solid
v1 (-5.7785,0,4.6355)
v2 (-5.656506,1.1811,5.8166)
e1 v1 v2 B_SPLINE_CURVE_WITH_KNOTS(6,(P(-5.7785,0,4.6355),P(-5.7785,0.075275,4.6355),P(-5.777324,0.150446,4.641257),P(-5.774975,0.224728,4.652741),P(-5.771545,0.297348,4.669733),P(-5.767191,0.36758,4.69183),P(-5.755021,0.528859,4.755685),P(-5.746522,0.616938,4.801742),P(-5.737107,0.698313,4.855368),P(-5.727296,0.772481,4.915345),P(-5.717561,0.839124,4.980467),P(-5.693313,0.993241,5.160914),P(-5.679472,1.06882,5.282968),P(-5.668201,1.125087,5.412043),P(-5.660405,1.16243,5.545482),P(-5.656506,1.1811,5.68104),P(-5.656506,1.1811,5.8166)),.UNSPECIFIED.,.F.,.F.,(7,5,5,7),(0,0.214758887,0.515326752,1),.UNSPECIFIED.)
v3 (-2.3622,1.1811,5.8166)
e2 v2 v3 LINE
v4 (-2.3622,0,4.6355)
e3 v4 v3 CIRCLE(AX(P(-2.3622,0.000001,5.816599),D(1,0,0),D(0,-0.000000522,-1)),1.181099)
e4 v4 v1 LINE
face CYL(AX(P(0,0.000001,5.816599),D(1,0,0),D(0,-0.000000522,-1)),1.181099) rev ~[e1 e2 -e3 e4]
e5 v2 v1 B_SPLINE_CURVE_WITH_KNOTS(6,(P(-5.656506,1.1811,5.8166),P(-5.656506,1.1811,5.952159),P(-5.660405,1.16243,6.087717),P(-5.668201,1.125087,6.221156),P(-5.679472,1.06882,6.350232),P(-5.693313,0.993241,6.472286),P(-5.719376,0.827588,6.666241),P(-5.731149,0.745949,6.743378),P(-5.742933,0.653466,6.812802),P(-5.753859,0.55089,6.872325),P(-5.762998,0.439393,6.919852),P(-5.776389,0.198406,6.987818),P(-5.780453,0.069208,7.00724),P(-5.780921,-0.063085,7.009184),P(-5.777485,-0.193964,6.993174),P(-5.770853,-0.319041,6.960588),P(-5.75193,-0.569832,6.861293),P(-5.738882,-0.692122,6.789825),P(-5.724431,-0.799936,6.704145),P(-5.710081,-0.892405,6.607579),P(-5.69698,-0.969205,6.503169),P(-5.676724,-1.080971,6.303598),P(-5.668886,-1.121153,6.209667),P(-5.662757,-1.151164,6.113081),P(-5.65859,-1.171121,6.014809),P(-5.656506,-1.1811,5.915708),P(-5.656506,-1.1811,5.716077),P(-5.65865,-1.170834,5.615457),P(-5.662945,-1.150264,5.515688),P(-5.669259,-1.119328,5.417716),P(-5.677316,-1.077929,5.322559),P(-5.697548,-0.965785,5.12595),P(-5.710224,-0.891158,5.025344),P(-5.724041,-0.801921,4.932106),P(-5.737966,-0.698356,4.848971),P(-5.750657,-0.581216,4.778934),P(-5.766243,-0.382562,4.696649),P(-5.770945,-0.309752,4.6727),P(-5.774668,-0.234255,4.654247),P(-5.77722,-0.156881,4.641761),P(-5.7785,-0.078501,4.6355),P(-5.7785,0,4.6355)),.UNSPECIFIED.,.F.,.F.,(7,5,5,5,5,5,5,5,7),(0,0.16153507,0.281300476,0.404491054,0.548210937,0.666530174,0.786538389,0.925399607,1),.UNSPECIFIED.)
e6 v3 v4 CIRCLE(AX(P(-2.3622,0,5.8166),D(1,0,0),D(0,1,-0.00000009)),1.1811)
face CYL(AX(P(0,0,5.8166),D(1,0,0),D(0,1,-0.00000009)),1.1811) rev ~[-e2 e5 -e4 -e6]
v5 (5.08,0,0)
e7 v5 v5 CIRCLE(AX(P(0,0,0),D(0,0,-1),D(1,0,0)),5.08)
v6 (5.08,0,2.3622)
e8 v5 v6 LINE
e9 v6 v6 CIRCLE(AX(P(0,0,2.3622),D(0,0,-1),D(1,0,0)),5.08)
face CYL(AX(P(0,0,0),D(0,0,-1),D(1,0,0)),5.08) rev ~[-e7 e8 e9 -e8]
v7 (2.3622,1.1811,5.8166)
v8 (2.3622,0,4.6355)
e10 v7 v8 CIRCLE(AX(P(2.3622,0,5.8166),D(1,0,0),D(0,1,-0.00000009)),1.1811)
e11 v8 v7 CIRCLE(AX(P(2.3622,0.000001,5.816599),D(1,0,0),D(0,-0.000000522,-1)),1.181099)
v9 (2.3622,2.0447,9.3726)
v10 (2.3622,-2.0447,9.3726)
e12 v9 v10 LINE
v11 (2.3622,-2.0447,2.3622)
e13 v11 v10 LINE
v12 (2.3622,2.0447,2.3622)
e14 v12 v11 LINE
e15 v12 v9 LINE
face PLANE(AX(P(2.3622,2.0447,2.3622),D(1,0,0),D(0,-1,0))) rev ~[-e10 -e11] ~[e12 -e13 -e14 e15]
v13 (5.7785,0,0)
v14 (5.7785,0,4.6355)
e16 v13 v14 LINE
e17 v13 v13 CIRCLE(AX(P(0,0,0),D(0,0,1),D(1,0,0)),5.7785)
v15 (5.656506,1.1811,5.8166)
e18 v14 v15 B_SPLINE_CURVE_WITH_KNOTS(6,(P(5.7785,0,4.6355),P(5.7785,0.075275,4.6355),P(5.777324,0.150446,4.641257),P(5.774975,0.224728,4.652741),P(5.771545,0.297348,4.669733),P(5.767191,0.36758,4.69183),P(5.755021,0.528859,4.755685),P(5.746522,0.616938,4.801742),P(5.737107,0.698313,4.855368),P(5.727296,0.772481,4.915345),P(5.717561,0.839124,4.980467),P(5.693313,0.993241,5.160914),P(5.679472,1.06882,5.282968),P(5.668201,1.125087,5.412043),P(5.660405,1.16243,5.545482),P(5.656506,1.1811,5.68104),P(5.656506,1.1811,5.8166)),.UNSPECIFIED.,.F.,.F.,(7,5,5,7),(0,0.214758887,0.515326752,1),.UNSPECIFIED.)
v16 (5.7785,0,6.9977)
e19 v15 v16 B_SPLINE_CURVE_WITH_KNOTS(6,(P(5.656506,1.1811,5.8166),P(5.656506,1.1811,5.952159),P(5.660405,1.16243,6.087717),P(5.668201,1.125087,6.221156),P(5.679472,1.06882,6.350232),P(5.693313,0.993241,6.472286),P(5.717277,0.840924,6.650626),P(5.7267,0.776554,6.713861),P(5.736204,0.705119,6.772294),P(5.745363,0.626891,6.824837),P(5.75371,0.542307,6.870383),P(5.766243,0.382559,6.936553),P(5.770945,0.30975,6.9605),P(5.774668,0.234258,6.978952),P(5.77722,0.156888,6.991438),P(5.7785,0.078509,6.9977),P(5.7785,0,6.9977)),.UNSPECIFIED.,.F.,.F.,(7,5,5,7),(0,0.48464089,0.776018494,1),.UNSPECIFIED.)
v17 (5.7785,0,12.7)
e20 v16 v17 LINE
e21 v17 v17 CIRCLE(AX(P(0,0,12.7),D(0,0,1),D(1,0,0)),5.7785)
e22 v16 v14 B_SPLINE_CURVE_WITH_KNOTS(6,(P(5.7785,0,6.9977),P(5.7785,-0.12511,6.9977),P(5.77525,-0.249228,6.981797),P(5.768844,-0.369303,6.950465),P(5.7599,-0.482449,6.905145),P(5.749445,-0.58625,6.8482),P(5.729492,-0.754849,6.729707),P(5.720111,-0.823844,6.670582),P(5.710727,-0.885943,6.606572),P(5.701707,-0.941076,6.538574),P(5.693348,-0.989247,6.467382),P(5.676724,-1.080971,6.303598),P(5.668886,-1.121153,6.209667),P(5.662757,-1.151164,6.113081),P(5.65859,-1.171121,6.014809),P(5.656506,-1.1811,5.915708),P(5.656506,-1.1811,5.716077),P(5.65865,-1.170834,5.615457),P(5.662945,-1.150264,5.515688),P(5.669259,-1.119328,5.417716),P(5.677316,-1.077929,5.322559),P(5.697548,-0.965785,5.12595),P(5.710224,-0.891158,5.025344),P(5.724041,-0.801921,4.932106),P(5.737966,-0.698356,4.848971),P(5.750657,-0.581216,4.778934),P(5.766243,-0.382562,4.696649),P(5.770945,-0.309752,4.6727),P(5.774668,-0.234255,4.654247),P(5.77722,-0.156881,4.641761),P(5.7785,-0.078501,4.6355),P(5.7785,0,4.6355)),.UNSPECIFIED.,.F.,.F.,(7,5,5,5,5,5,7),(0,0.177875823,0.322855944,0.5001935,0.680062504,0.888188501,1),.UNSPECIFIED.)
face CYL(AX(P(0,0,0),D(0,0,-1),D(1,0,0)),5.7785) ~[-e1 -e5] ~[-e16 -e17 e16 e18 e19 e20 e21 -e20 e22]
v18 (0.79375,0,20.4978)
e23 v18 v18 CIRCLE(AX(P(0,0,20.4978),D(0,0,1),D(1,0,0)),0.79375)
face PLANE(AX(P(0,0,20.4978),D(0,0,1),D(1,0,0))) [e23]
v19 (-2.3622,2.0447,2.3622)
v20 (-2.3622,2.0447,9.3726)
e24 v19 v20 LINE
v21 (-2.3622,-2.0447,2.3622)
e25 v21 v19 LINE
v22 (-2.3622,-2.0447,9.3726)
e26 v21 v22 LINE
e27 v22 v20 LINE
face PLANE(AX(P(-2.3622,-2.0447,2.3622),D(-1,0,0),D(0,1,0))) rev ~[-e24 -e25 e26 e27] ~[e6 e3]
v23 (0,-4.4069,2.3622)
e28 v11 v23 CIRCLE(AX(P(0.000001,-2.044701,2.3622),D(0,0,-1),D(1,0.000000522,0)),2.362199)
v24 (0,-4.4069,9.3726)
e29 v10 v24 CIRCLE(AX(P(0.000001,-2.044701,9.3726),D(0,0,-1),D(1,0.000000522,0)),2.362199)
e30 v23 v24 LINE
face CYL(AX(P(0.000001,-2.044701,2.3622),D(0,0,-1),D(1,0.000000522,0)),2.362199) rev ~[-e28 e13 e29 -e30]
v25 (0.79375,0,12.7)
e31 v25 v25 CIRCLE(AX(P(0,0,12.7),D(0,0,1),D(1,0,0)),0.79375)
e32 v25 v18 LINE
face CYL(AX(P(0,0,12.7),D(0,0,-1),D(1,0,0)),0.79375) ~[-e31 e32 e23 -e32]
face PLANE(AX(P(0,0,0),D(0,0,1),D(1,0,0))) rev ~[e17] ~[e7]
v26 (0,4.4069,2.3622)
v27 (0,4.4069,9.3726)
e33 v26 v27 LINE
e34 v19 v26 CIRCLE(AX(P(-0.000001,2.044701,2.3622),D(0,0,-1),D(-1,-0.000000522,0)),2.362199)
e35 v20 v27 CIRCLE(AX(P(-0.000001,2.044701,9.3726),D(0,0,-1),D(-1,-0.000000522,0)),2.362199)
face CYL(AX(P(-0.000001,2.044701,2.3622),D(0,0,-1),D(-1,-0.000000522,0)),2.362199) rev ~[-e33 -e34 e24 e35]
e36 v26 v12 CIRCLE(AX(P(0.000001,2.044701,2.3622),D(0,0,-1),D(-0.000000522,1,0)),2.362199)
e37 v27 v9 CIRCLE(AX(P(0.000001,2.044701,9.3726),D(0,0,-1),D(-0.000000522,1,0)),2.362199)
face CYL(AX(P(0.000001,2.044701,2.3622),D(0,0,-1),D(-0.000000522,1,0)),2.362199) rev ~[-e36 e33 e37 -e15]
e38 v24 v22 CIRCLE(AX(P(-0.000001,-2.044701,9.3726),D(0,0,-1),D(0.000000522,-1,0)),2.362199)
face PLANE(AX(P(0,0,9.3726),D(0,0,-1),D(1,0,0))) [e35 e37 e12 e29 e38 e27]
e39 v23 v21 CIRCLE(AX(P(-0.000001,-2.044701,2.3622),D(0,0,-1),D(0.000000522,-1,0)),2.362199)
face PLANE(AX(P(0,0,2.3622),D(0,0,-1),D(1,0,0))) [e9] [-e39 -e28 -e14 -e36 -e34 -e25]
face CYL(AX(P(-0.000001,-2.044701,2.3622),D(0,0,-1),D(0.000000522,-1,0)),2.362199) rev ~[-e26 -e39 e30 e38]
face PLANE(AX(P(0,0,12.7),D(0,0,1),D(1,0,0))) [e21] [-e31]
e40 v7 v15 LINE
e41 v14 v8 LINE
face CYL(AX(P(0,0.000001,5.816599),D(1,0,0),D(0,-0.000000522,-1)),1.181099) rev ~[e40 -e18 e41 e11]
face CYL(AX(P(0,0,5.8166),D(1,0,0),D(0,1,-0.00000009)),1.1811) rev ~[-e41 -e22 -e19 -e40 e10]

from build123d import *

# Parameters (mm, degrees)
F0_R     = 5.7785
F1_DEPTH = 12.7
F2_R     = 5.08
F3_DEPTH = 2.3622
F5_DEPTH = 7.0104
F7_DEPTH = 12.7
F8_R     = 0.79375
F9_DEPTH = 7.7978


with BuildPart() as f1:
    # F0 (on Top) → F1 (new body)
    with BuildSketch(Plane.XY):
        Circle(F0_R)
    extrude(amount=F1_DEPTH)

    # F2 (on face) → F3 (cut)
    with BuildSketch(Plane(origin=(0, 0, 0), x_dir=(1, 0, 0), z_dir=(0, 0, -1))):
        Circle(F2_R)
    extrude(amount=-F3_DEPTH, mode=Mode.SUBTRACT)

    # F4 (on face) → F5 (cut)
    with BuildSketch(Plane(origin=(0, 0, 2.3622), x_dir=(1, 0, 0), z_dir=(0, 0, -1))):
        with BuildLine():
            Line((2.3622, -2.0447), (2.3622, 2.0447))
            ThreePointArc((2.3622, 2.0447), (1.670328, 3.715028), (0, 4.4069))
            ThreePointArc((0, 4.4069), (-1.670328, 3.715028), (-2.3622, 2.0447))
            Line((-2.3622, 2.0447), (-2.3622, -2.0447))
            ThreePointArc((-2.3622, -2.0447), (-1.670328, -3.715028), (0, -4.4069))
            ThreePointArc((0, -4.4069), (1.670328, -3.715028), (2.3622, -2.0447))
        make_face()
    extrude(amount=-F5_DEPTH, mode=Mode.SUBTRACT)

    # F6 (on Right) → F7 (cut, symmetric)
    with BuildSketch(Plane.YZ):
        with BuildLine():
            ThreePointArc((0, 4.6355), (0.835164, 4.981436), (1.1811, 5.8166))
            ThreePointArc((1.1811, 5.8166), (-0.835164, 6.651764), (0, 4.6355))
        make_face()
    extrude(amount=F7_DEPTH, both=True, mode=Mode.SUBTRACT)

    # F8 (on face) → F9 (join)
    with BuildSketch(Plane.XY.offset(12.7)):
        Circle(F8_R)
    extrude(amount=F9_DEPTH)


solid = f1.part
